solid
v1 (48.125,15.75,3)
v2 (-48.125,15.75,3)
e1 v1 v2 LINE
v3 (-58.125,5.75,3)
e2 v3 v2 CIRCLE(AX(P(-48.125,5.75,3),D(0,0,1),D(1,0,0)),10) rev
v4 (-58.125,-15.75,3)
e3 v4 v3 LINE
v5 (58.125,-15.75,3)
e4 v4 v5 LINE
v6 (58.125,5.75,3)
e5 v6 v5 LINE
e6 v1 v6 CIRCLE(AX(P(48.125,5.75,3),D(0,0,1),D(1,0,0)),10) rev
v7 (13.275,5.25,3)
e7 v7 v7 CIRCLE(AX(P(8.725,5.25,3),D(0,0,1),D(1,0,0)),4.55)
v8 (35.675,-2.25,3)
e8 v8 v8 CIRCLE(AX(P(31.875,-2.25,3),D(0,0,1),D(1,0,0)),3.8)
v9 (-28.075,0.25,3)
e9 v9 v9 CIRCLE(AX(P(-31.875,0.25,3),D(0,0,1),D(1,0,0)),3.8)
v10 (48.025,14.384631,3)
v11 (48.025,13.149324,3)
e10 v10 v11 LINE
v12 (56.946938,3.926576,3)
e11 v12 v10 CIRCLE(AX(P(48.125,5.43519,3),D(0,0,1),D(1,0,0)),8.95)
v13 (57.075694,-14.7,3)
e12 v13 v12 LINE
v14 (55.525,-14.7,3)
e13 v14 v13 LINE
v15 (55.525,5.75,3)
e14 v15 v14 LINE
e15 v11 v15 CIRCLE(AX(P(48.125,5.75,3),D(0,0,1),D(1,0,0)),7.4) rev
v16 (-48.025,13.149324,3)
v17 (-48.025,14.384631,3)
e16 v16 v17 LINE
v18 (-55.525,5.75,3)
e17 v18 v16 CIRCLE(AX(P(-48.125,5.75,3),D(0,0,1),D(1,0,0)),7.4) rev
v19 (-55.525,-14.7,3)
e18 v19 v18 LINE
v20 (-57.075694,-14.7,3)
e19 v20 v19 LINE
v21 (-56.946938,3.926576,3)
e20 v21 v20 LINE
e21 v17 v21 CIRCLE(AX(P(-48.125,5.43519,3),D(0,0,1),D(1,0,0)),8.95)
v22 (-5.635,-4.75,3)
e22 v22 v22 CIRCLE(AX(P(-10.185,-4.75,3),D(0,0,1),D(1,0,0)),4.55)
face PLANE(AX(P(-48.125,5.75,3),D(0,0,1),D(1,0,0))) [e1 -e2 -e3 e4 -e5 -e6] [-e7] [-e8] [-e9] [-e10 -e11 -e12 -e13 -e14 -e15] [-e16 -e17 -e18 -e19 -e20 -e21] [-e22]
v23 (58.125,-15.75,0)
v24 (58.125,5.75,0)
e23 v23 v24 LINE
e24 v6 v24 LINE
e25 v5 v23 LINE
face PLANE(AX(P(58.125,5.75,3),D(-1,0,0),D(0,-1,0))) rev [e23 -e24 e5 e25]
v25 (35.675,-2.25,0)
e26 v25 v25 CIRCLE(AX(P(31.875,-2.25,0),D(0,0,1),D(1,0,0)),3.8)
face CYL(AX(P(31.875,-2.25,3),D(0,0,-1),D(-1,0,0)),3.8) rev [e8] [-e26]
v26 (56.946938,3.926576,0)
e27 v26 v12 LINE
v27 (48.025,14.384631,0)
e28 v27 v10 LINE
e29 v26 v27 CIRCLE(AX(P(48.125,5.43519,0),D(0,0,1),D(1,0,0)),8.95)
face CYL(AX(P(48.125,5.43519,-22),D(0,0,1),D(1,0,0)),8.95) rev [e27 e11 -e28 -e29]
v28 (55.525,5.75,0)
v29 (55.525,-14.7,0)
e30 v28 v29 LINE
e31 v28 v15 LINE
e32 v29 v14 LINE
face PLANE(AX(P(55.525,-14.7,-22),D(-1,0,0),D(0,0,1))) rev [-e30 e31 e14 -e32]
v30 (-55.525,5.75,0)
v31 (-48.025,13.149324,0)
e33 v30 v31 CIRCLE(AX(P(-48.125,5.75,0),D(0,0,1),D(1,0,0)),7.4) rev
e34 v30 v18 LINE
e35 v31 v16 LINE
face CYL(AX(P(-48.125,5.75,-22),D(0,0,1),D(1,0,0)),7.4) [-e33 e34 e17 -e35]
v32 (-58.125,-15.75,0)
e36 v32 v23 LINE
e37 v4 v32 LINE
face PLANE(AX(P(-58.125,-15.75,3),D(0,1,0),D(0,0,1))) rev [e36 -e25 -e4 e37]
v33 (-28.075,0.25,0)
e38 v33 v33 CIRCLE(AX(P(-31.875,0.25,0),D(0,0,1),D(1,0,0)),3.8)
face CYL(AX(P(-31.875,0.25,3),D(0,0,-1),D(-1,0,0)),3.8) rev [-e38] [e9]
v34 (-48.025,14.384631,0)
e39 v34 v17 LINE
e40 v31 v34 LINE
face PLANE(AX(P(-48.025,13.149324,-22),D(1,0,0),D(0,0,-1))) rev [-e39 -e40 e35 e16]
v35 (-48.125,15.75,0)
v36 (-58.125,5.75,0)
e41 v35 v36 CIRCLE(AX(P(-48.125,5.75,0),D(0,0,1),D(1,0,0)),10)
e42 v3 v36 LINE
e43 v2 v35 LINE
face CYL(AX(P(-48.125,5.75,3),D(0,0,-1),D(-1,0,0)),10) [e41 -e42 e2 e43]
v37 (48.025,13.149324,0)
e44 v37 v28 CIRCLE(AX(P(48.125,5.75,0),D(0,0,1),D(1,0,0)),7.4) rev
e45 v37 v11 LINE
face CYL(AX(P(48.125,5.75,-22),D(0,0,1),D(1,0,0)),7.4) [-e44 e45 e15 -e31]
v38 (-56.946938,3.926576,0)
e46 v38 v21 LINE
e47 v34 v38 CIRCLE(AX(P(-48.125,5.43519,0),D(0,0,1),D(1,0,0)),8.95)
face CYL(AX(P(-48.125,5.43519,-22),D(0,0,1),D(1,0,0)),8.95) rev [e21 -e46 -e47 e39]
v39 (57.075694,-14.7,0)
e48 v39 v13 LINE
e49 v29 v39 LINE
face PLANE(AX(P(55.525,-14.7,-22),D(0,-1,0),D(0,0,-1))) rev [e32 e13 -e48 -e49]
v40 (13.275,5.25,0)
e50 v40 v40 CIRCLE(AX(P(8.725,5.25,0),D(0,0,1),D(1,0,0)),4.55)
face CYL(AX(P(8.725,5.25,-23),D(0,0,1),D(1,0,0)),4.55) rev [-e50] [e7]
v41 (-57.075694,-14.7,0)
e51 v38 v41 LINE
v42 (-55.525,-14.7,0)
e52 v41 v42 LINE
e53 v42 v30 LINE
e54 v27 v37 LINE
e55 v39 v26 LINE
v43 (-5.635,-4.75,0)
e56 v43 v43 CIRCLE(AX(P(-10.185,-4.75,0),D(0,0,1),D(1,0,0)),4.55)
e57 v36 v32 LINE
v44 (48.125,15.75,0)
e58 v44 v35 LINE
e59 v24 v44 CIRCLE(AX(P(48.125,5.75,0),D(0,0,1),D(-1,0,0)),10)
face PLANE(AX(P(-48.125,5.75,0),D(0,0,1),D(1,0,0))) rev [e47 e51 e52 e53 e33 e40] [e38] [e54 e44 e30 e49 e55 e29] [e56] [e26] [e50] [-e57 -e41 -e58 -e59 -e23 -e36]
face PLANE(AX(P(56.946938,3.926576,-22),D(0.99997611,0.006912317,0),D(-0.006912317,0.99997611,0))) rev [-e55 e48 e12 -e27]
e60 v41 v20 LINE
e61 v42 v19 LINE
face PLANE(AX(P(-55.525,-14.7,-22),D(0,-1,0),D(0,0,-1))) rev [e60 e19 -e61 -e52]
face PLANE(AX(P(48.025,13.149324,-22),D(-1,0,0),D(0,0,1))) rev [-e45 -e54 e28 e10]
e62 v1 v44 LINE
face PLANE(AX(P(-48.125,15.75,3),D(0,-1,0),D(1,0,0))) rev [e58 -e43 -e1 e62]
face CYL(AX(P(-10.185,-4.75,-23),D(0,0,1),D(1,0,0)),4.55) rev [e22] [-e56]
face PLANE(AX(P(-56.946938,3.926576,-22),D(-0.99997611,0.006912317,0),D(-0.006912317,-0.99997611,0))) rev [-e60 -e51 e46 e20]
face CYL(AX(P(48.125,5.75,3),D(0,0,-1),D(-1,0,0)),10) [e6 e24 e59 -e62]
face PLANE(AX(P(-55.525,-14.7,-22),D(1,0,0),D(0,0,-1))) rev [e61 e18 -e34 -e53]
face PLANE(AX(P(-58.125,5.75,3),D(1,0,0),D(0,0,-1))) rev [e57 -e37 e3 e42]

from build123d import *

# Parameters (mm, degrees)
SKETCH1_R           = 3.8
BOSS_EXTRUDE2_DEPTH = 3
SKETCH2_R           = 4.4
BOSS_EXTRUDE3_DEPTH = 25
CUT_EXTRUDE3_START  = -1
SKETCH10_R          = 4.4
CUT_EXTRUDE3_DEPTH  = 1
CUT_EXTRUDE4_DEPTH  = 50
SKETCH12_R          = 4.55
CUT_EXTRUDE6_DEPTH  = 50
CUT_EXTRUDE7_DEPTH  = 25


with BuildPart() as part:
    # Sketch1 → Boss-Extrude2 (new body)
    with BuildSketch(Plane.XY):
        with BuildLine():
            Line((-48.125, 15.75), (48.125, 15.75))
            ThreePointArc((48.125, 15.75), (55.196067812, 12.821067812), (58.125, 5.75))
            Line((58.125, 5.75), (58.125, -15.75))
            Line((58.125, -15.75), (-58.125, -15.75))
            Line((-58.125, -15.75), (-58.125, 5.75))
            ThreePointArc((-58.125, 5.75), (-55.196067812, 12.821067812), (-48.125, 15.75))
        make_face()
        with Locations((31.875, -2.25)):
            Circle(SKETCH1_R, mode=Mode.SUBTRACT)
        with Locations((-31.875, 0.25)):
            Circle(SKETCH1_R, mode=Mode.SUBTRACT)
    extrude(amount=BOSS_EXTRUDE2_DEPTH)

    # Sketch2 → Boss-Extrude3 (add)
    with BuildSketch(Plane.XY.offset(3)):
        with Locations((8.725, 5.25)):
            Circle(SKETCH2_R)
        with Locations((-10.185, -4.75)):
            Circle(SKETCH2_R)
        with BuildLine():
            Line((55.625, 5.75), (55.625, -15.75))
            Line((55.625, -15.75), (58.125, -15.75))
            Line((58.125, -15.75), (58.125, 5.25))
            Line((58.125, 5.25), (58.125, 5.75))
            ThreePointArc((58.125, 5.75), (55.196067812, 12.821067812), (48.125, 15.75))
            Line((48.125, 15.75), (48.125, 13.25))
            ThreePointArc((48.125, 13.25), (53.428300859, 11.053300859), (55.625, 5.75))
        make_face()
        with BuildLine():
            Line((-58.125, -15.75), (-55.625, -15.75))
            Line((-55.625, -15.75), (-55.625, 5.75))
            ThreePointArc((-55.625, 5.75), (-53.428300859, 11.053300859), (-48.125, 13.25))
            Line((-48.125, 13.25), (-48.125, 15.75))
            ThreePointArc((-48.125, 15.75), (-55.196067812, 12.821067812), (-58.125, 5.75))
            Line((-58.125, 5.75), (-58.125, 5.25))
            Line((-58.125, 5.25), (-58.125, -15.75))
        make_face()
    extrude(amount=BOSS_EXTRUDE3_DEPTH)

    # Sketch10 → Cut-Extrude3 (cut)
    with BuildSketch(Plane.XY.offset(28).offset(CUT_EXTRUDE3_START)):
        with Locations((8.725, 5.25)):
            Circle(SKETCH10_R)
        with Locations((-10.185, -4.75)):
            Circle(SKETCH10_R)
    extrude(amount=CUT_EXTRUDE3_DEPTH, mode=Mode.SUBTRACT)

    # Sketch5 → Cut-Extrude4 (cut)
    with BuildSketch(Plane.XY.offset(28)):
        with BuildLine():
            Line((55.525, -14.7), (55.525, 5.75))
            ThreePointArc((55.525, 5.75), (53.322114584, 11.017826876), (48.025, 13.149324293))
            Line((48.025, 13.149324293), (48.025, 14.384631142))
            ThreePointArc((48.025, 14.384631142), (54.933874825, 11.243952477), (56.946937757, 3.926576481))
            Line((56.946937757, 3.926576481), (57.075693637, -14.7))
            Line((57.075693637, -14.7), (55.525, -14.7))
        make_face()
        with BuildLine():
            Line((-56.946937757, 3.926576481), (-57.075693637, -14.7))
            Line((-57.075693637, -14.7), (-55.525, -14.7))
            Line((-55.525, -14.7), (-55.525, 5.75))
            ThreePointArc((-55.525, 5.75), (-53.322114584, 11.017826876), (-48.025, 13.149324293))
            Line((-48.025, 13.149324293), (-48.025, 14.384631142))
            ThreePointArc((-48.025, 14.384631142), (-54.933874825, 11.243952477), (-56.946937757, 3.926576481))
        make_face()
    extrude(amount=-CUT_EXTRUDE4_DEPTH, mode=Mode.SUBTRACT)

    # Sketch12 → Cut-Extrude6 (cut)
    with BuildSketch(Plane.XY.offset(27)):
        with Locations((-10.185, -4.75)):
            Circle(SKETCH12_R)
        with Locations((8.725, 5.25)):
            Circle(SKETCH12_R)
    extrude(amount=-CUT_EXTRUDE6_DEPTH, mode=Mode.SUBTRACT)

    # Sketch13 → Cut-Extrude7 (cut)
    with BuildSketch(Plane.XY.offset(28)):
        with BuildLine():
            Line((57.075693637, -14.7), (55.625, -14.7))
            Line((55.625, -14.7), (55.625, -15.75))
            Line((55.625, -15.75), (58.125, -15.75))
            Line((58.125, -15.75), (58.125, 5.75))
            ThreePointArc((58.125, 5.75), (55.196067812, 12.821067812), (48.125, 15.75))
            Line((48.125, 15.75), (48.125, 14.385189819))
            ThreePointArc((48.125, 14.385189819), (54.966220263, 11.205822827), (56.946937757, 3.926576481))
            Line((56.946937757, 3.926576481), (57.075693637, -14.7))
        make_face()
        with BuildLine():
            Line((-48.125, 14.385189819), (-48.125, 15.75))
            ThreePointArc((-48.125, 15.75), (-55.196067812, 12.821067812), (-58.125, 5.75))
            Line((-58.125, 5.75), (-58.125, -15.75))
            Line((-58.125, -15.75), (-55.625, -15.75))
            Line((-55.625, -15.75), (-55.625, -14.7))
            Line((-55.625, -14.7), (-57.075693637, -14.7))
            Line((-57.075693637, -14.7), (-56.946937757, 3.926576481))
            ThreePointArc((-56.946937757, 3.926576481), (-54.966220263, 11.205822827), (-48.125, 14.385189819))
        make_face()
    extrude(amount=-CUT_EXTRUDE7_DEPTH, mode=Mode.SUBTRACT)


solid = part.part
